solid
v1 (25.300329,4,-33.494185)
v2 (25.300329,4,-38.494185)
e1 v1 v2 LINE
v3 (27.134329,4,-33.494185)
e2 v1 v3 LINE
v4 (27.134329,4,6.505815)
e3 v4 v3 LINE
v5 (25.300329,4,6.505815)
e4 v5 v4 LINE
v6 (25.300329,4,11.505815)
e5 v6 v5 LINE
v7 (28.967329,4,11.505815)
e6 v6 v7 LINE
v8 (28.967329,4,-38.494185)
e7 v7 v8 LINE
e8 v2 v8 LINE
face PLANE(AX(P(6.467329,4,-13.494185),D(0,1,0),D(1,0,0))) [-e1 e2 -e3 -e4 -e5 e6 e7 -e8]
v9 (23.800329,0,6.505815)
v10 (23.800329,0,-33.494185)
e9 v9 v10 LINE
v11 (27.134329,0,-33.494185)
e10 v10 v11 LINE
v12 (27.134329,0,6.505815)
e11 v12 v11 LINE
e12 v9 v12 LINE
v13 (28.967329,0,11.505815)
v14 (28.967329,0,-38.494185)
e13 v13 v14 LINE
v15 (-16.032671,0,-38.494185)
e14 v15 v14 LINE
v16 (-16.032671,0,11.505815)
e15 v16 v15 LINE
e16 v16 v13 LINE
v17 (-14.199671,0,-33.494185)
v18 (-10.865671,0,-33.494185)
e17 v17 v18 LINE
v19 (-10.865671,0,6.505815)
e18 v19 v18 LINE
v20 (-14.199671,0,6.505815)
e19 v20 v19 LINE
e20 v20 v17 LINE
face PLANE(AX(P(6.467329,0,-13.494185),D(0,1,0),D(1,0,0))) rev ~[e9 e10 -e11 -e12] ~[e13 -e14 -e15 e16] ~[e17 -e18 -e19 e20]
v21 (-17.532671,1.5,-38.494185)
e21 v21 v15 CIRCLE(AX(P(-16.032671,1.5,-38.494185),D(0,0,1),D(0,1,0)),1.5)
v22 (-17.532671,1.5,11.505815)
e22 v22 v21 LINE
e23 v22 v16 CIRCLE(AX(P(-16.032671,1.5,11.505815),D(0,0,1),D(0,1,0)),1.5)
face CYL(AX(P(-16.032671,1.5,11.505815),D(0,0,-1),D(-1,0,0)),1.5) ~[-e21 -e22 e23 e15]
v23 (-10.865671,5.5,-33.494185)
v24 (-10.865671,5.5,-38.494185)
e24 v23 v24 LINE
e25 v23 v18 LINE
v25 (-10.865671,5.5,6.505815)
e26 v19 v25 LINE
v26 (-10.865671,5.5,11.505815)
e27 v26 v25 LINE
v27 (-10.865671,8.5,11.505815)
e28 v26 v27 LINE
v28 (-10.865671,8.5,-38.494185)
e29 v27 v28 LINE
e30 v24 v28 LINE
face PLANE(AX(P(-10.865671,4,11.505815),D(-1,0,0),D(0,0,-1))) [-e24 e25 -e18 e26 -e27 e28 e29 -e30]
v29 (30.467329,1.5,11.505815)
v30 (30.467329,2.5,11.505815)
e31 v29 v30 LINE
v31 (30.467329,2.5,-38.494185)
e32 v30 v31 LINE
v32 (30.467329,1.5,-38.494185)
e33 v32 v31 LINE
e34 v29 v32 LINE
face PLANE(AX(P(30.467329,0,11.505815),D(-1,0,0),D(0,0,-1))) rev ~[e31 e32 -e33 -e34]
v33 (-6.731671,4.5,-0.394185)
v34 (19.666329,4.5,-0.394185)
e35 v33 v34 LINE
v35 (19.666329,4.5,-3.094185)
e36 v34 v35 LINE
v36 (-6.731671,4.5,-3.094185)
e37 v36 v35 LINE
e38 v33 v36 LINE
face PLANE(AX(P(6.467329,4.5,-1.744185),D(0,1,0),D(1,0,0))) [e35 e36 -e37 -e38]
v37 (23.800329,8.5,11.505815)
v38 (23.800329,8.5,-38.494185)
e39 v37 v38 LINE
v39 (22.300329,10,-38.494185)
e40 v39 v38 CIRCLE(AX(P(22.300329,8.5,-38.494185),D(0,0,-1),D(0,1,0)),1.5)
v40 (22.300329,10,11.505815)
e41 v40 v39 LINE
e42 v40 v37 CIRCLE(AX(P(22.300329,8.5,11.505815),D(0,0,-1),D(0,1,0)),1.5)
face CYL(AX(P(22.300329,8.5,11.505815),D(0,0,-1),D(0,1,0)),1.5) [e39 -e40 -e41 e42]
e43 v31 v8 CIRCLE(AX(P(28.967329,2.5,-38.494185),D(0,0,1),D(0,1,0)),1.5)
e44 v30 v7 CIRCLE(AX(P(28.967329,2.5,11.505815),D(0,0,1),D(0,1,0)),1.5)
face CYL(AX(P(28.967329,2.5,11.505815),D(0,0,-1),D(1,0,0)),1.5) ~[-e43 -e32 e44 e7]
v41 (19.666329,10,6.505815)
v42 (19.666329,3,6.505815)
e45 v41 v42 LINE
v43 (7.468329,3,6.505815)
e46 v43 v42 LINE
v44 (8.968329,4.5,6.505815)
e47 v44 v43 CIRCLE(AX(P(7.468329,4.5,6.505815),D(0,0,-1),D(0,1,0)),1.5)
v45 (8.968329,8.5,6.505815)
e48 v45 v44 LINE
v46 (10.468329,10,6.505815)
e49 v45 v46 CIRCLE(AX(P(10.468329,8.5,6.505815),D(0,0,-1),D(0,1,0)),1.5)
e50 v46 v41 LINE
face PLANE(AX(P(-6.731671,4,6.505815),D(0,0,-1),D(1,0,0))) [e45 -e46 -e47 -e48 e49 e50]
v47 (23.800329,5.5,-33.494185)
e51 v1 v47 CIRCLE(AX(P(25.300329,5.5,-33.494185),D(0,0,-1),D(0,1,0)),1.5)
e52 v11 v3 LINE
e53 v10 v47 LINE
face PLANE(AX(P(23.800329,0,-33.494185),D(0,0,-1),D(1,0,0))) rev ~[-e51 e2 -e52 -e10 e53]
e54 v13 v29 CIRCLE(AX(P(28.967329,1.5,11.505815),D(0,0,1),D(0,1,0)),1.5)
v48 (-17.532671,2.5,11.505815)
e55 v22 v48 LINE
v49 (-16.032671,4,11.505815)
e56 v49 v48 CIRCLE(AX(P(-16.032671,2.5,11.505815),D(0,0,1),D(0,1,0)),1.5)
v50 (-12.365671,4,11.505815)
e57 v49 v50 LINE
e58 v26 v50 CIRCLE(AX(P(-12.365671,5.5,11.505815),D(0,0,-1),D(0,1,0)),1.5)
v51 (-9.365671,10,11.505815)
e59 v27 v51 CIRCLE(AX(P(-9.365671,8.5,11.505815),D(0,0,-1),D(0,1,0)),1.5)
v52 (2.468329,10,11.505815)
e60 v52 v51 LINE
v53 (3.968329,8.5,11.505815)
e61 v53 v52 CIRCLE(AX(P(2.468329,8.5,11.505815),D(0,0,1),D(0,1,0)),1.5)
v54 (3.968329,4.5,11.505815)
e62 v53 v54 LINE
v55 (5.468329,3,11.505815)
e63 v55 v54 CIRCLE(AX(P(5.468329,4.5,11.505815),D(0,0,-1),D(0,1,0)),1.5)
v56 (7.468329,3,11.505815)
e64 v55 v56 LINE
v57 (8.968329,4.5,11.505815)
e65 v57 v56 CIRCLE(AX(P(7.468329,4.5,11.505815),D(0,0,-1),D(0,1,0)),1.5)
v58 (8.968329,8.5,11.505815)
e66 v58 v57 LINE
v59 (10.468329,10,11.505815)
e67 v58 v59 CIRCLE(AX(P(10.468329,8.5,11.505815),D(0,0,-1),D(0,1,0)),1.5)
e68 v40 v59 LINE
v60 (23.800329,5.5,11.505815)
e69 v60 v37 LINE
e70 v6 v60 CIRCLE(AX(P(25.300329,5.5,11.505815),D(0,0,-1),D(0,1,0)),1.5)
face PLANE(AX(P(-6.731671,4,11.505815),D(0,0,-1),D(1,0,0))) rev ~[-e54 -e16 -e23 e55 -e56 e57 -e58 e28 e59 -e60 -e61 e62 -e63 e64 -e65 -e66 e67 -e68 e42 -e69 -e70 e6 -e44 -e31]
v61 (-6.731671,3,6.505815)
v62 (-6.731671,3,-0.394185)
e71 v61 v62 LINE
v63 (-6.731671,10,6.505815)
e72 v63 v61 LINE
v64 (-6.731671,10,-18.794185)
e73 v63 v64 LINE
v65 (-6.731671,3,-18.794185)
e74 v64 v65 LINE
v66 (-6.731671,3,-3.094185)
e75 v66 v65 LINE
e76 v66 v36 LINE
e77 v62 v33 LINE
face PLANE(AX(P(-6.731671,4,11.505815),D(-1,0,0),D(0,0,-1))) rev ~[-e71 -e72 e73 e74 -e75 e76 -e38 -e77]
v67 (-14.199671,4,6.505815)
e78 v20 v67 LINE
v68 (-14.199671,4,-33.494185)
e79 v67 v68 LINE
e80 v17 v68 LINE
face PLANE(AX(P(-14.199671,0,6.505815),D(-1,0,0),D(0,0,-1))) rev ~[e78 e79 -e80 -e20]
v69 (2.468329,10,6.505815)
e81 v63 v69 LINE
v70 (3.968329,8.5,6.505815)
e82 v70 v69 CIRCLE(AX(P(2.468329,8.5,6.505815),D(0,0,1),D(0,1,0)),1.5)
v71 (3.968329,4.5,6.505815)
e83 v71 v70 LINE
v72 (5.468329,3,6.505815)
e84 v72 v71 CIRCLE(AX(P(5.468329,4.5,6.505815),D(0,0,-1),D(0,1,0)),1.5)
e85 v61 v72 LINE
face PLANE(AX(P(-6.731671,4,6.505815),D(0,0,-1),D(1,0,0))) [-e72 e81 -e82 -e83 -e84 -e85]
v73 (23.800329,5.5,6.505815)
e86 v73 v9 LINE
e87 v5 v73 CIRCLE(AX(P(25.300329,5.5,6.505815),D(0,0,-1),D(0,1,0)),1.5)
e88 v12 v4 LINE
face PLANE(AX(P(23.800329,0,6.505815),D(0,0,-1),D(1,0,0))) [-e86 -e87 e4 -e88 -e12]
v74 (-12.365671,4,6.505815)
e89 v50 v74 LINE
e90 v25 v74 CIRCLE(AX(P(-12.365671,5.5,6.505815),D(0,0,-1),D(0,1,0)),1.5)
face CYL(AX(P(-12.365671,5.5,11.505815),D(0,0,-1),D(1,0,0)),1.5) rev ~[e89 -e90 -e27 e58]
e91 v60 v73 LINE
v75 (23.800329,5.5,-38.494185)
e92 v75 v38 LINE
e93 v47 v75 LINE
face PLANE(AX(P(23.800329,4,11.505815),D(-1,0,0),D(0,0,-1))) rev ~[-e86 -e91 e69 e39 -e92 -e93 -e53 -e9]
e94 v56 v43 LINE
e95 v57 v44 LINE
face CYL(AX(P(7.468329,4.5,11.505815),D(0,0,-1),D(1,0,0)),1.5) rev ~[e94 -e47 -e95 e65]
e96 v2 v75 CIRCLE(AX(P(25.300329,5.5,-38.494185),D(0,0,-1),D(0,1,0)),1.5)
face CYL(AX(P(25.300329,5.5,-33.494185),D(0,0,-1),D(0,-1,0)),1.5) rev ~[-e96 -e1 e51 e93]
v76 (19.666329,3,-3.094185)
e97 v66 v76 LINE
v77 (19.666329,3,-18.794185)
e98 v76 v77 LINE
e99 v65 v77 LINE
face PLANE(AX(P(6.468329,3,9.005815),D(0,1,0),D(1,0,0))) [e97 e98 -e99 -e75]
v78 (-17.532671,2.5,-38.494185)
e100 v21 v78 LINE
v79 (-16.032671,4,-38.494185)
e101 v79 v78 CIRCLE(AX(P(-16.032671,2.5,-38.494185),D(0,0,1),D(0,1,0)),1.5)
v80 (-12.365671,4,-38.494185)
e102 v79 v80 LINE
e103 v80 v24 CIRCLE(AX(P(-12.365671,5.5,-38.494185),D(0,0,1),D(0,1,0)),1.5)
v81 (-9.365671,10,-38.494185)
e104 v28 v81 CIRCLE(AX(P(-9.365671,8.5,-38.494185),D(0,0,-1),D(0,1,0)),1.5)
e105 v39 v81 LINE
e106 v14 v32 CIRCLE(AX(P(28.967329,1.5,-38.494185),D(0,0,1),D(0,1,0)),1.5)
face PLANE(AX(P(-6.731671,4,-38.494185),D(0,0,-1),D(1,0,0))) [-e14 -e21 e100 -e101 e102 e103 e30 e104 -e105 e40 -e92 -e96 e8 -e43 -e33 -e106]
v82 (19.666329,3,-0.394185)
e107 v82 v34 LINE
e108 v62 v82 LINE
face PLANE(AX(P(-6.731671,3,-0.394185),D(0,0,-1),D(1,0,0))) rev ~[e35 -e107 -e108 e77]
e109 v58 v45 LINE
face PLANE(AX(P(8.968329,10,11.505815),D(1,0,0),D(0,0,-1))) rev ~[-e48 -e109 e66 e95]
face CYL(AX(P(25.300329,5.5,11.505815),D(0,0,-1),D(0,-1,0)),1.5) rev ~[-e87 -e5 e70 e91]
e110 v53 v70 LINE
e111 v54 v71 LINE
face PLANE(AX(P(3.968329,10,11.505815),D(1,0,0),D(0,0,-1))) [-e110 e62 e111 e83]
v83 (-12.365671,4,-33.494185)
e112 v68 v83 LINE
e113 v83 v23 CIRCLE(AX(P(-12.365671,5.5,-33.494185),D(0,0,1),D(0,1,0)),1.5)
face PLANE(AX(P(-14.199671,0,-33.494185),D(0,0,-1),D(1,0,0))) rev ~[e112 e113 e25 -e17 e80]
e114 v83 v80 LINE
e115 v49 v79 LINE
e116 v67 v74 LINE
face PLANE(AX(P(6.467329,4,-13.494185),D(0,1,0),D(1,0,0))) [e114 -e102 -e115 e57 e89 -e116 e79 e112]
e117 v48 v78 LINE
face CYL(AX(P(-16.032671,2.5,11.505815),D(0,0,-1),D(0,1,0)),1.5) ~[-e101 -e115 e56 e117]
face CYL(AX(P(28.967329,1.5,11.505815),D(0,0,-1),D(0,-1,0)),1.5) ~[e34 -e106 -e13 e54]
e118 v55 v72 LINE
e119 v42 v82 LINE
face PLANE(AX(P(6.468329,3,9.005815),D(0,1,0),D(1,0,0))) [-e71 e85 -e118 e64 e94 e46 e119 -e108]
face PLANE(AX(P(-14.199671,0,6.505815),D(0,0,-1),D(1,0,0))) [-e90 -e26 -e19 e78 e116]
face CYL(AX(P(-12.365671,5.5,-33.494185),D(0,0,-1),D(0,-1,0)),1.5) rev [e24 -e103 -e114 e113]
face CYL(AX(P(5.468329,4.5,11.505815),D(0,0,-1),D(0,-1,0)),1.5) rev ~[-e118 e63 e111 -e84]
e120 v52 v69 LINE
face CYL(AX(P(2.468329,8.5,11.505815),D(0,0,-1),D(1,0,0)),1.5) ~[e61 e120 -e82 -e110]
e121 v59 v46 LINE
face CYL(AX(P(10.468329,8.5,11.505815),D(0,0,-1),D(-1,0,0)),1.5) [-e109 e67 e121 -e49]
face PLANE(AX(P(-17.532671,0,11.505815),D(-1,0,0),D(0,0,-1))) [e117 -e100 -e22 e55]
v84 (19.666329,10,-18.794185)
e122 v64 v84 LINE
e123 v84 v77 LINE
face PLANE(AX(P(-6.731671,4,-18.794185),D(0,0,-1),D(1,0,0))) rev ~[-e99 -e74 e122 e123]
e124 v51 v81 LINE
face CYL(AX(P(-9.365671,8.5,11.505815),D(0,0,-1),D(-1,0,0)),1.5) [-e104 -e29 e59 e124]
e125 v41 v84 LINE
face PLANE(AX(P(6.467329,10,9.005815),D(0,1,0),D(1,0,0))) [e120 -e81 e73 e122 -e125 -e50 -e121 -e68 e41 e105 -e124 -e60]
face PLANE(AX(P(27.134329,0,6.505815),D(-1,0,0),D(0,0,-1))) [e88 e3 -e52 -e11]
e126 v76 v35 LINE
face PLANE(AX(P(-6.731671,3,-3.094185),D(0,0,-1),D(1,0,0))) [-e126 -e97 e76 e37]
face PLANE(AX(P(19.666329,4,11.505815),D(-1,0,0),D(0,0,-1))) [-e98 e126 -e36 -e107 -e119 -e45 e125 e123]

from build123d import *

# Parameters (mm, degrees)
SKETCH1_W            = 48
SKETCH1_H            = 50
SKETCH1_W_2          = 3.334
SKETCH1_H_2          = 40
BOSS_EXTRUDE1_DEPTH  = 4
SKETCH2_W            = 4.134
SKETCH2_H            = 50
BOSS_EXTRUDE2_DEPTH  = 6
SKETCH8_W            = 4.134
SKETCH8_H            = 50
BOSS_EXTRUDE6_DEPTH  = 6
SKETCH9_W            = 26.398
SKETCH9_H            = 19.7
BOSS_EXTRUDE7_DEPTH  = 6
SKETCH10_W           = 26.398
SKETCH10_H           = 5
BOSS_EXTRUDE8_DEPTH  = 6
SKETCH11_W           = 5
SKETCH11_H           = 5
CUT_EXTRUDE1_DEPTH   = 7
FILLET9_R            = 1.5
FILLET10_R           = 1.5
FILLET13_R           = 1.5
FILLET14_R           = 1.5
FILLET15_R           = 1.5
SKETCH12_W           = 26.398
SKETCH12_H           = 25.3
CUT_EXTRUDE2_DEPTH   = 1
SKETCH13_W           = 26.398
SKETCH13_H           = 2.7
BOSS_EXTRUDE10_DEPTH = 1.5
FILLET18_R           = 1.5
FILLET19_R           = 1.5


with BuildPart() as part:
    # Sketch1 → Boss-Extrude1 (new body)
    with BuildSketch(Plane(origin=(0, 0, 0), x_dir=(1, 0, 0), z_dir=(0, 1, 0))):
        with Locations((6.467329328, 13.494184872)):
            Rectangle(SKETCH1_W, SKETCH1_H)
        with Locations((25.467329328, 13.494184872)):
            Rectangle(SKETCH1_W_2, SKETCH1_H_2, mode=Mode.SUBTRACT)
        with Locations((-12.532670672, 13.494184872)):
            Rectangle(SKETCH1_W_2, SKETCH1_H_2, mode=Mode.SUBTRACT)
    extrude(amount=BOSS_EXTRUDE1_DEPTH)

    # Sketch2 → Boss-Extrude2 (add)
    with BuildSketch(Plane(origin=(0, 4, 0), x_dir=(1, 0, 0), z_dir=(0, 1, 0))):
        with Locations((-8.798670672, 13.494184872)):
            Rectangle(SKETCH2_W, SKETCH2_H)
    extrude(amount=BOSS_EXTRUDE2_DEPTH)

    # Sketch8 → Boss-Extrude6 (add)
    with BuildSketch(Plane(origin=(0, 4, 0), x_dir=(1, 0, 0), z_dir=(0, 1, 0))):
        with Locations((21.733329328, 13.494184872)):
            Rectangle(SKETCH8_W, SKETCH8_H)
    extrude(amount=BOSS_EXTRUDE6_DEPTH)

    # Sketch9 → Boss-Extrude7 (add)
    with BuildSketch(Plane(origin=(0, 4, 0), x_dir=(1, 0, 0), z_dir=(0, 1, 0))):
        with Locations((6.467329328, 28.644184872)):
            Rectangle(SKETCH9_W, SKETCH9_H)
    extrude(amount=BOSS_EXTRUDE7_DEPTH)

    # Sketch10 → Boss-Extrude8 (add)
    with BuildSketch(Plane(origin=(0, 4, 0), x_dir=(1, 0, 0), z_dir=(0, 1, 0))):
        with Locations((6.467329328, -9.005815128)):
            Rectangle(SKETCH10_W, SKETCH10_H)
    extrude(amount=BOSS_EXTRUDE8_DEPTH)

    # Sketch11 → Cut-Extrude1 (cut)
    with BuildSketch(Plane(origin=(0, 10, 0), x_dir=(1, 0, 0), z_dir=(0, 1, 0))):
        with Locations((6.468329328, -9.005815128)):
            Rectangle(SKETCH11_W, SKETCH11_H)
    extrude(amount=-CUT_EXTRUDE1_DEPTH, mode=Mode.SUBTRACT)

    # Fillet9
    fillet9_edges = [part.edges().sort_by_distance(p)[0] for p in [
        (-10.865670672, 4, 9.005815128),
    ]]
    fillet(fillet9_edges, radius=FILLET9_R)

    # Fillet10
    fillet10_edges = [part.edges().sort_by_distance(p)[0] for p in [
        (-10.865670672, 4, -35.994184872),
    ]]
    fillet(fillet10_edges, radius=FILLET10_R)

    # Fillet13
    fillet13_edges = [part.edges().sort_by_distance(p)[0] for p in [
        (23.800329328, 4, -35.994184872),
    ]]
    fillet(fillet13_edges, radius=FILLET13_R)

    # Fillet14
    fillet14_edges = [part.edges().sort_by_distance(p)[0] for p in [
        (23.800329328, 4, 9.005815128),
    ]]
    fillet(fillet14_edges, radius=FILLET14_R)

    # Fillet15
    fillet15_edges = [part.edges().sort_by_distance(p)[0] for p in [
        (3.968329328, 10, 9.005815128),
        (8.968329328, 10, 9.005815128),
        (30.467329328, 4, -13.494184872),
        (-10.865670672, 10, -13.494184872),
        (-17.532670672, 4, -13.494184872),
        (30.467329328, 0, -13.494184872),
        (-17.532670672, 0, -13.494184872),
        (23.800329328, 10, -13.494184872),
    ]]
    fillet(fillet15_edges, radius=FILLET15_R)

    # Sketch12 → Cut-Extrude2 (cut)
    with BuildSketch(Plane(origin=(0, 4, 0), x_dir=(1, 0, 0), z_dir=(0, 1, 0))):
        with Locations((6.467329328, 6.144184872)):
            Rectangle(SKETCH12_W, SKETCH12_H)
    extrude(amount=-CUT_EXTRUDE2_DEPTH, mode=Mode.SUBTRACT)

    # Sketch13 → Boss-Extrude10 (add)
    with BuildSketch(Plane(origin=(0, 3, 0), x_dir=(1, 0, 0), z_dir=(0, 1, 0))):
        with Locations((6.467329328, 1.744184872)):
            Rectangle(SKETCH13_W, SKETCH13_H)
    extrude(amount=BOSS_EXTRUDE10_DEPTH)

    # Fillet18
    fillet18_edges = [part.edges().sort_by_distance(p)[0] for p in [
        (3.968329328, 3, 9.005815128),
    ]]
    fillet(fillet18_edges, radius=FILLET18_R)

    # Fillet19
    fillet19_edges = [part.edges().sort_by_distance(p)[0] for p in [
        (8.968329328, 3, 9.005815128),
    ]]
    fillet(fillet19_edges, radius=FILLET19_R)


solid = part.part
